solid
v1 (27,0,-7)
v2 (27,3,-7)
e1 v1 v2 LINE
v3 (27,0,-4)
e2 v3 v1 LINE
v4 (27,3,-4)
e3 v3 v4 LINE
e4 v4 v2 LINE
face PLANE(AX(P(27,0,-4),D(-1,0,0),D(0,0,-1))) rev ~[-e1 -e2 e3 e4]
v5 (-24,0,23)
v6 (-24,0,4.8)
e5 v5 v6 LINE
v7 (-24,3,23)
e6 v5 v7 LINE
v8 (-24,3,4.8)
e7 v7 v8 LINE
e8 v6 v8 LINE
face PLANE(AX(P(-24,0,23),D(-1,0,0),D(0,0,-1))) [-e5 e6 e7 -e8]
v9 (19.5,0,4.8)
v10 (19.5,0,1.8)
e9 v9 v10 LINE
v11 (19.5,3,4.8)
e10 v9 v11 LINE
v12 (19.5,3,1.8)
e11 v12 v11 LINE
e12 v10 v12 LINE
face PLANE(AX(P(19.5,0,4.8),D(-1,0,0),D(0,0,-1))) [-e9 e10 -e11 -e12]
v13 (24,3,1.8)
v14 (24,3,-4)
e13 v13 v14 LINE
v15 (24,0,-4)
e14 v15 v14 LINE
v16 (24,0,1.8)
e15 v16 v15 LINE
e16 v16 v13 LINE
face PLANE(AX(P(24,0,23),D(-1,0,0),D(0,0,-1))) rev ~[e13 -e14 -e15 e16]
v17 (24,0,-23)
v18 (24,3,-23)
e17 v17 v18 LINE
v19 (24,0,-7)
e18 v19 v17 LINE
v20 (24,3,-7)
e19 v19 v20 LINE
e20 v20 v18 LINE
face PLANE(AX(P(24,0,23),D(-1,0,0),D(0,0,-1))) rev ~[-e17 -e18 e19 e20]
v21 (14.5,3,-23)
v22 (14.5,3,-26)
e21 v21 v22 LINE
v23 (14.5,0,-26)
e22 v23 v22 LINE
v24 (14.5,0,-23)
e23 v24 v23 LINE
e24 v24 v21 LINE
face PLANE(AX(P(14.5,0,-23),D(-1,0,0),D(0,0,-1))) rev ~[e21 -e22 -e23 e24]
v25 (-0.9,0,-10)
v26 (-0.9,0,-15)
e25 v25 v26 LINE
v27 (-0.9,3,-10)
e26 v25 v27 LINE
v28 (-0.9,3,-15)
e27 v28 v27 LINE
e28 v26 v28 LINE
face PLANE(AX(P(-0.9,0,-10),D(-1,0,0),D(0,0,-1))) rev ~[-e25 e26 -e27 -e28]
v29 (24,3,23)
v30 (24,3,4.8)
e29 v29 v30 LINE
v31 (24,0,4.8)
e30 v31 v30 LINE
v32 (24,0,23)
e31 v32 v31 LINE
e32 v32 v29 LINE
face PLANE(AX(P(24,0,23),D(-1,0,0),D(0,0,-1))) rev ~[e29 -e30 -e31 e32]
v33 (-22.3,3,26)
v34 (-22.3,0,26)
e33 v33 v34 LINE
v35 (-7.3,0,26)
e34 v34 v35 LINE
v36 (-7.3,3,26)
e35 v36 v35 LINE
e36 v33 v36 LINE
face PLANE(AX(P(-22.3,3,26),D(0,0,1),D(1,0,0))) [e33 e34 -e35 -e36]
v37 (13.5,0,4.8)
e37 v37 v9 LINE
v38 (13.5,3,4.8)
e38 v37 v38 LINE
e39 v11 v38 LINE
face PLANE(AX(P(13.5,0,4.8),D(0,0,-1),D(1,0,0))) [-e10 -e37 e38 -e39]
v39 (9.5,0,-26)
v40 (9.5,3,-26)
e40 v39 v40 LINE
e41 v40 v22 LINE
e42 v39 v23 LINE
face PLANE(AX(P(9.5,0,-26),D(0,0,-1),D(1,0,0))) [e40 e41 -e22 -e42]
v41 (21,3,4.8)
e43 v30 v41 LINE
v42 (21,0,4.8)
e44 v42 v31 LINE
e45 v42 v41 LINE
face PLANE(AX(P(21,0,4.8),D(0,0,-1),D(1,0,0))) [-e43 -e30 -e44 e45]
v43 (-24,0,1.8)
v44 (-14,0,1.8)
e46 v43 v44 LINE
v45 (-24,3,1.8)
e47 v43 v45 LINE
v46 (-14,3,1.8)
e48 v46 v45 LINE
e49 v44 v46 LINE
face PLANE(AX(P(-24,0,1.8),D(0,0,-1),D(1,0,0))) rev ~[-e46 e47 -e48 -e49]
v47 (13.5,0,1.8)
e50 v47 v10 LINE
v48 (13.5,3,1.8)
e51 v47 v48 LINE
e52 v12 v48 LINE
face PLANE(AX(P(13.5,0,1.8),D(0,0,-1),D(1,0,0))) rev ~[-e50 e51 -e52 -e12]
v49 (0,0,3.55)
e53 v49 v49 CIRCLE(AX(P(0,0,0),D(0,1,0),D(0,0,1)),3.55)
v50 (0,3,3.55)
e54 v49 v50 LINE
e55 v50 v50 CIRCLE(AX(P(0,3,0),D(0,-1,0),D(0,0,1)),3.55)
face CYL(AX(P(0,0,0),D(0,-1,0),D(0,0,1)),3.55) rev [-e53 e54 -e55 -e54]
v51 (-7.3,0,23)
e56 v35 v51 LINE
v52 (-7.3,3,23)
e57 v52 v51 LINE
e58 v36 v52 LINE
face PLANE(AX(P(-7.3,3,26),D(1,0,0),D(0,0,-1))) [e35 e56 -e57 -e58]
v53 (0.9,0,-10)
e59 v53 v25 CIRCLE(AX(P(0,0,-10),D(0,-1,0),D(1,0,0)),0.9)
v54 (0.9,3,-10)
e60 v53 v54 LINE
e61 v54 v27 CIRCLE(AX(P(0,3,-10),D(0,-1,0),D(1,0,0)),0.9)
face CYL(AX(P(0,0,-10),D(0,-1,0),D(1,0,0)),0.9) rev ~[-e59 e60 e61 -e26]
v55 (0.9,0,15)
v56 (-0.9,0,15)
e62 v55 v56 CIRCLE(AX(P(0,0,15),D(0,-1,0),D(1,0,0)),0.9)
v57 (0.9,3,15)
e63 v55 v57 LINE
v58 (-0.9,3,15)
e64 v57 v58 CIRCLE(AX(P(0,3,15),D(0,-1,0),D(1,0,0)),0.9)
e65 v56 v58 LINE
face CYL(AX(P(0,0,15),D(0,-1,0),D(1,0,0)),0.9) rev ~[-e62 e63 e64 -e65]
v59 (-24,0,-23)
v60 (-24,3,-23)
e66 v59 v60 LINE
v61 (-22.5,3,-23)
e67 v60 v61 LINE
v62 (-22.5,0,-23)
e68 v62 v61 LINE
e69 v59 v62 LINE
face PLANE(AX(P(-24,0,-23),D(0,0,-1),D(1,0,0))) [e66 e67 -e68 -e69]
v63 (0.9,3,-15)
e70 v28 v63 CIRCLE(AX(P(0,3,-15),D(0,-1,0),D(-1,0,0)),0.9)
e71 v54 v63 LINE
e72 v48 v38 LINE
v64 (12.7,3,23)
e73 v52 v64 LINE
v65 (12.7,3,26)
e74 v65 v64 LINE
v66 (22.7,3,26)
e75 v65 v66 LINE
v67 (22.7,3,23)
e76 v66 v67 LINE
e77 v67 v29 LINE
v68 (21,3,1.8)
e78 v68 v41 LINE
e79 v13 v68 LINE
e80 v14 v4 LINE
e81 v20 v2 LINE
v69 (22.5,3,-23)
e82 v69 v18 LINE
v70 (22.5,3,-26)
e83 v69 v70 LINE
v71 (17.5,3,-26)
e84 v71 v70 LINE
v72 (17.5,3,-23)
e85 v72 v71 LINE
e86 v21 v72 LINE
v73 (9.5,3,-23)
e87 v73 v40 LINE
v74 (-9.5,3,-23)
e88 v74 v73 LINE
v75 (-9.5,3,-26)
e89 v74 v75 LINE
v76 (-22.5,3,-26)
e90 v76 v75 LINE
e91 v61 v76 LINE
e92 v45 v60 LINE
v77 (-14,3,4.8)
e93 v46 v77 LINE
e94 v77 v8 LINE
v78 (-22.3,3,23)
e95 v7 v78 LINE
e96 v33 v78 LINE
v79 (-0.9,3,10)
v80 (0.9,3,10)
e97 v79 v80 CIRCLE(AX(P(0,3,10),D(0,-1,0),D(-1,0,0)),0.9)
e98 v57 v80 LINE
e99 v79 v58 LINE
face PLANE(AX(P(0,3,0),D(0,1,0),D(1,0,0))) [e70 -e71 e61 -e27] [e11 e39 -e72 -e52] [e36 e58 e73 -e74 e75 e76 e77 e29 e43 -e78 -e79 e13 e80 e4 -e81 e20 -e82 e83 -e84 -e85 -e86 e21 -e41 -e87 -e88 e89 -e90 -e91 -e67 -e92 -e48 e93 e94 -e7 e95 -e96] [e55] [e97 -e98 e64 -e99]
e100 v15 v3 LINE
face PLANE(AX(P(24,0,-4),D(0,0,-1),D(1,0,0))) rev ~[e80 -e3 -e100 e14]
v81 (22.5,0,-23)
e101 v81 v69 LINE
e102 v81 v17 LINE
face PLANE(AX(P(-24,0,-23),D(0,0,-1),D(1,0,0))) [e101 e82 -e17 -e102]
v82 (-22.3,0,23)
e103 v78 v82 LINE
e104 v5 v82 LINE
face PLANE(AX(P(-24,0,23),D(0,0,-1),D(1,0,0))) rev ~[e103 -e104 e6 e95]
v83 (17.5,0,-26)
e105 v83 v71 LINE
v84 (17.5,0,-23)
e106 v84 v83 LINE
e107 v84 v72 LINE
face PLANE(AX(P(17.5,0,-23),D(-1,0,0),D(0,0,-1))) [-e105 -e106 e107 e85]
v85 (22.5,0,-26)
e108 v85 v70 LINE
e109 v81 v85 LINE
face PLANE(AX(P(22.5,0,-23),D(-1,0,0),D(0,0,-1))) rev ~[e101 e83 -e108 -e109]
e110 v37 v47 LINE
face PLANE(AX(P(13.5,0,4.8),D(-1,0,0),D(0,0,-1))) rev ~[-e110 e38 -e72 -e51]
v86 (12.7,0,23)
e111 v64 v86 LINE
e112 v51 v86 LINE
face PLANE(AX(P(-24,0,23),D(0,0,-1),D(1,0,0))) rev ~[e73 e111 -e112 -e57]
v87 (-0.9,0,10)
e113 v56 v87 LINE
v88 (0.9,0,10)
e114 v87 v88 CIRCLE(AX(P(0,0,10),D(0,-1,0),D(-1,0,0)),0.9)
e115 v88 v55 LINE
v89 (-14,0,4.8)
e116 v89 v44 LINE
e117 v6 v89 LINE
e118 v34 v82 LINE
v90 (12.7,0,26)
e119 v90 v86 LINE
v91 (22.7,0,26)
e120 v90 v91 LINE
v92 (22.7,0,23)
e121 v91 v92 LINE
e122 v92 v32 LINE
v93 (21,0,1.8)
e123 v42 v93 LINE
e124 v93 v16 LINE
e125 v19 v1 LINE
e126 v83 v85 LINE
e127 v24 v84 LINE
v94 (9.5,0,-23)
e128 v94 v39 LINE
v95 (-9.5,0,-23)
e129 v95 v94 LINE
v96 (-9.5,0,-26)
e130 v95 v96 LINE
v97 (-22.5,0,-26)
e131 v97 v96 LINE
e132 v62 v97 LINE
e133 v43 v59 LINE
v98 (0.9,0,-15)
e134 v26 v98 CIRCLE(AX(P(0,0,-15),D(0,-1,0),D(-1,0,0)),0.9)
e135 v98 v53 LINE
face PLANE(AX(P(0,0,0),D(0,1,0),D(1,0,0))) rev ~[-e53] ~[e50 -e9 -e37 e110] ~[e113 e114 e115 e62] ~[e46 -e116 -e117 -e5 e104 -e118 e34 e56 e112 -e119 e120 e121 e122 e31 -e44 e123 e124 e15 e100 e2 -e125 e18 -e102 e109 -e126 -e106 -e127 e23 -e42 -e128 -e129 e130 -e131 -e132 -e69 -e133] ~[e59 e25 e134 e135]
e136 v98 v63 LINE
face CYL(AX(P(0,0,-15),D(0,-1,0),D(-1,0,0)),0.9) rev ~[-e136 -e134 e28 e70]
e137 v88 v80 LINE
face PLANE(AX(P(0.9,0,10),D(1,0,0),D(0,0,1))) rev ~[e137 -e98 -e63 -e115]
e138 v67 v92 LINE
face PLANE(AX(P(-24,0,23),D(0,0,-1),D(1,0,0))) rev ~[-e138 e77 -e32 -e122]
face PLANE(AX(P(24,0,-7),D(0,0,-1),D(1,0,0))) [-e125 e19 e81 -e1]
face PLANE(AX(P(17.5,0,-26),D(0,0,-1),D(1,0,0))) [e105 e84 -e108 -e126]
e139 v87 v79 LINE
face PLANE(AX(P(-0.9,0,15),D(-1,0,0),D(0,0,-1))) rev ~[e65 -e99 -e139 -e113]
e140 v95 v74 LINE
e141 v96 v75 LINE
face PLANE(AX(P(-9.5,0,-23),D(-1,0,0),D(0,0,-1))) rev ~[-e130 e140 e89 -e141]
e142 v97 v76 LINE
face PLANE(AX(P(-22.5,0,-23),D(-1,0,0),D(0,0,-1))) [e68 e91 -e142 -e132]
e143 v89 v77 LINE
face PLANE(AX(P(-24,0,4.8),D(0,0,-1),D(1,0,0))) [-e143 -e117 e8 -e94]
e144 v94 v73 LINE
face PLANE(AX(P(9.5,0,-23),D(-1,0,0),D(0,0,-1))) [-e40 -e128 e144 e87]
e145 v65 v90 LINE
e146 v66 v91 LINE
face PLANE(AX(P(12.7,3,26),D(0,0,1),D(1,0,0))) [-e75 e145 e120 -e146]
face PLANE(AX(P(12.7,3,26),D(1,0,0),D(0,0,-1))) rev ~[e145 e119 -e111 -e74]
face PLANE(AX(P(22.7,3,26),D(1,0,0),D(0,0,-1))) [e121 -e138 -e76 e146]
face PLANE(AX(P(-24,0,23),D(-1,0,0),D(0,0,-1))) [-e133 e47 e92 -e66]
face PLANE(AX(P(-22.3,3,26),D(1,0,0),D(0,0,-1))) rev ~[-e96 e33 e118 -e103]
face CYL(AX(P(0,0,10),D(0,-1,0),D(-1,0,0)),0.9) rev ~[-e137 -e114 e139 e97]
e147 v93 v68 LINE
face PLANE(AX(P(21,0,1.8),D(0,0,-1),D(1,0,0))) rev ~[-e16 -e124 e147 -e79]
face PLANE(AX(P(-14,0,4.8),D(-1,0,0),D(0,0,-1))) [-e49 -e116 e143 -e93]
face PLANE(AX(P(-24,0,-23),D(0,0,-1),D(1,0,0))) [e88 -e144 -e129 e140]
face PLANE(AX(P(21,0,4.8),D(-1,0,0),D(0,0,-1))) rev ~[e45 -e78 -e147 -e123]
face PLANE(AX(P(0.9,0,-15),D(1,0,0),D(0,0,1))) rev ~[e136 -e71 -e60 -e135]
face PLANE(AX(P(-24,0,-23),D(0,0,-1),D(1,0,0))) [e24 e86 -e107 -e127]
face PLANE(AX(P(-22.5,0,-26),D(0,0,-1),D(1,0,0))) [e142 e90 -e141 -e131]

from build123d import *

# Parameters (mm, degrees)
ESBO_O1_W                = 48
ESBO_O1_H                = 46
RESSALTO_EXTRUS_O1_DEPTH = 3
ESBO_O6_W                = 3
ESBO_O6_H                = 3
RESSALTO_EXTRUS_O4_DEPTH = 3
ESBO_O2_R                = 3.55
CORTE_EXTRUS_O1_DEPTH    = 36.594943461
CORTE_EXTRUS_O2_DEPTH    = 36.594943461
PADR_OCIRCULAR1_COUNT    = 2
ESBO_O4_W                = 10
ESBO_O4_H                = 3
ESBO_O4_W_2              = 15
RESSALTO_EXTRUS_O2_DEPTH = 3
ESBO_O5_W                = 5
ESBO_O5_H                = 3
ESBO_O5_W_2              = 13
RESSALTO_EXTRUS_O3_DEPTH = 3
ESBO_O7_W                = 3
ESBO_O7_H                = 3
ESBO_O7_W_2              = 6
ESBO_O7_W_3              = 10
CORTE_EXTRUS_O3_DEPTH    = 38.603191354


with BuildPart() as part:
    # Esboço1 → Ressalto-extrusão1 (new body)
    with BuildSketch(Plane(origin=(0, 0, 0), x_dir=(1, 0, 0), z_dir=(0, 1, 0))):
        Rectangle(ESBO_O1_W, ESBO_O1_H)
    extrude(amount=RESSALTO_EXTRUS_O1_DEPTH)

    # Esboço6 → Ressalto-extrusão4 (add, through all)
    with BuildSketch(Plane(origin=(0, 0, 0), x_dir=(1, 0, 0), z_dir=(0, 1, 0))):
        with Locations((25.5, 5.5)):
            Rectangle(ESBO_O6_W, ESBO_O6_H)
    extrude(amount=RESSALTO_EXTRUS_O4_DEPTH)

    # Esboço2 → Corte-extrusão1 (cut, through all)
    with BuildSketch(Plane(origin=(0, 0, 0), x_dir=(1, 0, 0), z_dir=(0, 1, 0))):
        with Locations(Location((0, 0, 0), (0, 0, 270))):
            Circle(ESBO_O2_R)
    extrude(amount=CORTE_EXTRUS_O1_DEPTH, mode=Mode.SUBTRACT)

    # Esboço3 → Corte-extrusão2 (cut, through all)
    with BuildSketch(Plane(origin=(0, 0, 0), x_dir=(1, 0, 0), z_dir=(0, 1, 0))):
        with BuildLine():
            Line((-0.9, 10), (-0.9, 15))
            ThreePointArc((-0.9, 15), (0, 15.9), (0.9, 15))
            Line((0.9, 15), (0.9, 10))
            ThreePointArc((0.9, 10), (0, 9.1), (-0.9, 10))
        make_face()
    corte_extrus_o2 = extrude(amount=CORTE_EXTRUS_O2_DEPTH, mode=Mode.SUBTRACT)

    # PadrãoCircular1: Corte-extrusão2 ×2 about axis
    padr_ocircular1_axis = Axis((0, 0, 0), (0, 1, 0))
    for i in range(1, PADR_OCIRCULAR1_COUNT):
        add(corte_extrus_o2.rotate(padr_ocircular1_axis, i * 360 / PADR_OCIRCULAR1_COUNT), mode=Mode.SUBTRACT)

    # Esboço4 → Ressalto-extrusão2 (add, through all)
    with BuildSketch(Plane(origin=(0, 3, 0), x_dir=(1, 0, 0), z_dir=(0, 1, 0))):
        with Locations((17.7, -24.5)):
            Rectangle(ESBO_O4_W, ESBO_O4_H)
        with Locations((-14.8, -24.5)):
            Rectangle(ESBO_O4_W_2, ESBO_O4_H)
    extrude(amount=-RESSALTO_EXTRUS_O2_DEPTH)

    # Esboço5 → Ressalto-extrusão3 (add, through all)
    with BuildSketch(Plane(origin=(0, 0, 0), x_dir=(1, 0, 0), z_dir=(0, 1, 0))):
        with Locations((20, 24.5)):
            Rectangle(ESBO_O5_W, ESBO_O5_H)
        with Locations((12, 24.5)):
            Rectangle(ESBO_O5_W, ESBO_O5_H)
        with Locations((-16, 24.5)):
            Rectangle(ESBO_O5_W_2, ESBO_O5_H)
    extrude(amount=RESSALTO_EXTRUS_O3_DEPTH)

    # Esboço7 → Corte-extrusão3 (cut, through all)
    with BuildSketch(Plane(origin=(0, 0, 0), x_dir=(1, 0, 0), z_dir=(0, 1, 0))):
        with Locations((22.5, -3.3)):
            Rectangle(ESBO_O7_W, ESBO_O7_H)
        with Locations((16.5, -3.3)):
            Rectangle(ESBO_O7_W_2, ESBO_O7_H)
        with Locations((-19, -3.3)):
            Rectangle(ESBO_O7_W_3, ESBO_O7_H)
    extrude(amount=CORTE_EXTRUS_O3_DEPTH, mode=Mode.SUBTRACT)


solid = part.part
